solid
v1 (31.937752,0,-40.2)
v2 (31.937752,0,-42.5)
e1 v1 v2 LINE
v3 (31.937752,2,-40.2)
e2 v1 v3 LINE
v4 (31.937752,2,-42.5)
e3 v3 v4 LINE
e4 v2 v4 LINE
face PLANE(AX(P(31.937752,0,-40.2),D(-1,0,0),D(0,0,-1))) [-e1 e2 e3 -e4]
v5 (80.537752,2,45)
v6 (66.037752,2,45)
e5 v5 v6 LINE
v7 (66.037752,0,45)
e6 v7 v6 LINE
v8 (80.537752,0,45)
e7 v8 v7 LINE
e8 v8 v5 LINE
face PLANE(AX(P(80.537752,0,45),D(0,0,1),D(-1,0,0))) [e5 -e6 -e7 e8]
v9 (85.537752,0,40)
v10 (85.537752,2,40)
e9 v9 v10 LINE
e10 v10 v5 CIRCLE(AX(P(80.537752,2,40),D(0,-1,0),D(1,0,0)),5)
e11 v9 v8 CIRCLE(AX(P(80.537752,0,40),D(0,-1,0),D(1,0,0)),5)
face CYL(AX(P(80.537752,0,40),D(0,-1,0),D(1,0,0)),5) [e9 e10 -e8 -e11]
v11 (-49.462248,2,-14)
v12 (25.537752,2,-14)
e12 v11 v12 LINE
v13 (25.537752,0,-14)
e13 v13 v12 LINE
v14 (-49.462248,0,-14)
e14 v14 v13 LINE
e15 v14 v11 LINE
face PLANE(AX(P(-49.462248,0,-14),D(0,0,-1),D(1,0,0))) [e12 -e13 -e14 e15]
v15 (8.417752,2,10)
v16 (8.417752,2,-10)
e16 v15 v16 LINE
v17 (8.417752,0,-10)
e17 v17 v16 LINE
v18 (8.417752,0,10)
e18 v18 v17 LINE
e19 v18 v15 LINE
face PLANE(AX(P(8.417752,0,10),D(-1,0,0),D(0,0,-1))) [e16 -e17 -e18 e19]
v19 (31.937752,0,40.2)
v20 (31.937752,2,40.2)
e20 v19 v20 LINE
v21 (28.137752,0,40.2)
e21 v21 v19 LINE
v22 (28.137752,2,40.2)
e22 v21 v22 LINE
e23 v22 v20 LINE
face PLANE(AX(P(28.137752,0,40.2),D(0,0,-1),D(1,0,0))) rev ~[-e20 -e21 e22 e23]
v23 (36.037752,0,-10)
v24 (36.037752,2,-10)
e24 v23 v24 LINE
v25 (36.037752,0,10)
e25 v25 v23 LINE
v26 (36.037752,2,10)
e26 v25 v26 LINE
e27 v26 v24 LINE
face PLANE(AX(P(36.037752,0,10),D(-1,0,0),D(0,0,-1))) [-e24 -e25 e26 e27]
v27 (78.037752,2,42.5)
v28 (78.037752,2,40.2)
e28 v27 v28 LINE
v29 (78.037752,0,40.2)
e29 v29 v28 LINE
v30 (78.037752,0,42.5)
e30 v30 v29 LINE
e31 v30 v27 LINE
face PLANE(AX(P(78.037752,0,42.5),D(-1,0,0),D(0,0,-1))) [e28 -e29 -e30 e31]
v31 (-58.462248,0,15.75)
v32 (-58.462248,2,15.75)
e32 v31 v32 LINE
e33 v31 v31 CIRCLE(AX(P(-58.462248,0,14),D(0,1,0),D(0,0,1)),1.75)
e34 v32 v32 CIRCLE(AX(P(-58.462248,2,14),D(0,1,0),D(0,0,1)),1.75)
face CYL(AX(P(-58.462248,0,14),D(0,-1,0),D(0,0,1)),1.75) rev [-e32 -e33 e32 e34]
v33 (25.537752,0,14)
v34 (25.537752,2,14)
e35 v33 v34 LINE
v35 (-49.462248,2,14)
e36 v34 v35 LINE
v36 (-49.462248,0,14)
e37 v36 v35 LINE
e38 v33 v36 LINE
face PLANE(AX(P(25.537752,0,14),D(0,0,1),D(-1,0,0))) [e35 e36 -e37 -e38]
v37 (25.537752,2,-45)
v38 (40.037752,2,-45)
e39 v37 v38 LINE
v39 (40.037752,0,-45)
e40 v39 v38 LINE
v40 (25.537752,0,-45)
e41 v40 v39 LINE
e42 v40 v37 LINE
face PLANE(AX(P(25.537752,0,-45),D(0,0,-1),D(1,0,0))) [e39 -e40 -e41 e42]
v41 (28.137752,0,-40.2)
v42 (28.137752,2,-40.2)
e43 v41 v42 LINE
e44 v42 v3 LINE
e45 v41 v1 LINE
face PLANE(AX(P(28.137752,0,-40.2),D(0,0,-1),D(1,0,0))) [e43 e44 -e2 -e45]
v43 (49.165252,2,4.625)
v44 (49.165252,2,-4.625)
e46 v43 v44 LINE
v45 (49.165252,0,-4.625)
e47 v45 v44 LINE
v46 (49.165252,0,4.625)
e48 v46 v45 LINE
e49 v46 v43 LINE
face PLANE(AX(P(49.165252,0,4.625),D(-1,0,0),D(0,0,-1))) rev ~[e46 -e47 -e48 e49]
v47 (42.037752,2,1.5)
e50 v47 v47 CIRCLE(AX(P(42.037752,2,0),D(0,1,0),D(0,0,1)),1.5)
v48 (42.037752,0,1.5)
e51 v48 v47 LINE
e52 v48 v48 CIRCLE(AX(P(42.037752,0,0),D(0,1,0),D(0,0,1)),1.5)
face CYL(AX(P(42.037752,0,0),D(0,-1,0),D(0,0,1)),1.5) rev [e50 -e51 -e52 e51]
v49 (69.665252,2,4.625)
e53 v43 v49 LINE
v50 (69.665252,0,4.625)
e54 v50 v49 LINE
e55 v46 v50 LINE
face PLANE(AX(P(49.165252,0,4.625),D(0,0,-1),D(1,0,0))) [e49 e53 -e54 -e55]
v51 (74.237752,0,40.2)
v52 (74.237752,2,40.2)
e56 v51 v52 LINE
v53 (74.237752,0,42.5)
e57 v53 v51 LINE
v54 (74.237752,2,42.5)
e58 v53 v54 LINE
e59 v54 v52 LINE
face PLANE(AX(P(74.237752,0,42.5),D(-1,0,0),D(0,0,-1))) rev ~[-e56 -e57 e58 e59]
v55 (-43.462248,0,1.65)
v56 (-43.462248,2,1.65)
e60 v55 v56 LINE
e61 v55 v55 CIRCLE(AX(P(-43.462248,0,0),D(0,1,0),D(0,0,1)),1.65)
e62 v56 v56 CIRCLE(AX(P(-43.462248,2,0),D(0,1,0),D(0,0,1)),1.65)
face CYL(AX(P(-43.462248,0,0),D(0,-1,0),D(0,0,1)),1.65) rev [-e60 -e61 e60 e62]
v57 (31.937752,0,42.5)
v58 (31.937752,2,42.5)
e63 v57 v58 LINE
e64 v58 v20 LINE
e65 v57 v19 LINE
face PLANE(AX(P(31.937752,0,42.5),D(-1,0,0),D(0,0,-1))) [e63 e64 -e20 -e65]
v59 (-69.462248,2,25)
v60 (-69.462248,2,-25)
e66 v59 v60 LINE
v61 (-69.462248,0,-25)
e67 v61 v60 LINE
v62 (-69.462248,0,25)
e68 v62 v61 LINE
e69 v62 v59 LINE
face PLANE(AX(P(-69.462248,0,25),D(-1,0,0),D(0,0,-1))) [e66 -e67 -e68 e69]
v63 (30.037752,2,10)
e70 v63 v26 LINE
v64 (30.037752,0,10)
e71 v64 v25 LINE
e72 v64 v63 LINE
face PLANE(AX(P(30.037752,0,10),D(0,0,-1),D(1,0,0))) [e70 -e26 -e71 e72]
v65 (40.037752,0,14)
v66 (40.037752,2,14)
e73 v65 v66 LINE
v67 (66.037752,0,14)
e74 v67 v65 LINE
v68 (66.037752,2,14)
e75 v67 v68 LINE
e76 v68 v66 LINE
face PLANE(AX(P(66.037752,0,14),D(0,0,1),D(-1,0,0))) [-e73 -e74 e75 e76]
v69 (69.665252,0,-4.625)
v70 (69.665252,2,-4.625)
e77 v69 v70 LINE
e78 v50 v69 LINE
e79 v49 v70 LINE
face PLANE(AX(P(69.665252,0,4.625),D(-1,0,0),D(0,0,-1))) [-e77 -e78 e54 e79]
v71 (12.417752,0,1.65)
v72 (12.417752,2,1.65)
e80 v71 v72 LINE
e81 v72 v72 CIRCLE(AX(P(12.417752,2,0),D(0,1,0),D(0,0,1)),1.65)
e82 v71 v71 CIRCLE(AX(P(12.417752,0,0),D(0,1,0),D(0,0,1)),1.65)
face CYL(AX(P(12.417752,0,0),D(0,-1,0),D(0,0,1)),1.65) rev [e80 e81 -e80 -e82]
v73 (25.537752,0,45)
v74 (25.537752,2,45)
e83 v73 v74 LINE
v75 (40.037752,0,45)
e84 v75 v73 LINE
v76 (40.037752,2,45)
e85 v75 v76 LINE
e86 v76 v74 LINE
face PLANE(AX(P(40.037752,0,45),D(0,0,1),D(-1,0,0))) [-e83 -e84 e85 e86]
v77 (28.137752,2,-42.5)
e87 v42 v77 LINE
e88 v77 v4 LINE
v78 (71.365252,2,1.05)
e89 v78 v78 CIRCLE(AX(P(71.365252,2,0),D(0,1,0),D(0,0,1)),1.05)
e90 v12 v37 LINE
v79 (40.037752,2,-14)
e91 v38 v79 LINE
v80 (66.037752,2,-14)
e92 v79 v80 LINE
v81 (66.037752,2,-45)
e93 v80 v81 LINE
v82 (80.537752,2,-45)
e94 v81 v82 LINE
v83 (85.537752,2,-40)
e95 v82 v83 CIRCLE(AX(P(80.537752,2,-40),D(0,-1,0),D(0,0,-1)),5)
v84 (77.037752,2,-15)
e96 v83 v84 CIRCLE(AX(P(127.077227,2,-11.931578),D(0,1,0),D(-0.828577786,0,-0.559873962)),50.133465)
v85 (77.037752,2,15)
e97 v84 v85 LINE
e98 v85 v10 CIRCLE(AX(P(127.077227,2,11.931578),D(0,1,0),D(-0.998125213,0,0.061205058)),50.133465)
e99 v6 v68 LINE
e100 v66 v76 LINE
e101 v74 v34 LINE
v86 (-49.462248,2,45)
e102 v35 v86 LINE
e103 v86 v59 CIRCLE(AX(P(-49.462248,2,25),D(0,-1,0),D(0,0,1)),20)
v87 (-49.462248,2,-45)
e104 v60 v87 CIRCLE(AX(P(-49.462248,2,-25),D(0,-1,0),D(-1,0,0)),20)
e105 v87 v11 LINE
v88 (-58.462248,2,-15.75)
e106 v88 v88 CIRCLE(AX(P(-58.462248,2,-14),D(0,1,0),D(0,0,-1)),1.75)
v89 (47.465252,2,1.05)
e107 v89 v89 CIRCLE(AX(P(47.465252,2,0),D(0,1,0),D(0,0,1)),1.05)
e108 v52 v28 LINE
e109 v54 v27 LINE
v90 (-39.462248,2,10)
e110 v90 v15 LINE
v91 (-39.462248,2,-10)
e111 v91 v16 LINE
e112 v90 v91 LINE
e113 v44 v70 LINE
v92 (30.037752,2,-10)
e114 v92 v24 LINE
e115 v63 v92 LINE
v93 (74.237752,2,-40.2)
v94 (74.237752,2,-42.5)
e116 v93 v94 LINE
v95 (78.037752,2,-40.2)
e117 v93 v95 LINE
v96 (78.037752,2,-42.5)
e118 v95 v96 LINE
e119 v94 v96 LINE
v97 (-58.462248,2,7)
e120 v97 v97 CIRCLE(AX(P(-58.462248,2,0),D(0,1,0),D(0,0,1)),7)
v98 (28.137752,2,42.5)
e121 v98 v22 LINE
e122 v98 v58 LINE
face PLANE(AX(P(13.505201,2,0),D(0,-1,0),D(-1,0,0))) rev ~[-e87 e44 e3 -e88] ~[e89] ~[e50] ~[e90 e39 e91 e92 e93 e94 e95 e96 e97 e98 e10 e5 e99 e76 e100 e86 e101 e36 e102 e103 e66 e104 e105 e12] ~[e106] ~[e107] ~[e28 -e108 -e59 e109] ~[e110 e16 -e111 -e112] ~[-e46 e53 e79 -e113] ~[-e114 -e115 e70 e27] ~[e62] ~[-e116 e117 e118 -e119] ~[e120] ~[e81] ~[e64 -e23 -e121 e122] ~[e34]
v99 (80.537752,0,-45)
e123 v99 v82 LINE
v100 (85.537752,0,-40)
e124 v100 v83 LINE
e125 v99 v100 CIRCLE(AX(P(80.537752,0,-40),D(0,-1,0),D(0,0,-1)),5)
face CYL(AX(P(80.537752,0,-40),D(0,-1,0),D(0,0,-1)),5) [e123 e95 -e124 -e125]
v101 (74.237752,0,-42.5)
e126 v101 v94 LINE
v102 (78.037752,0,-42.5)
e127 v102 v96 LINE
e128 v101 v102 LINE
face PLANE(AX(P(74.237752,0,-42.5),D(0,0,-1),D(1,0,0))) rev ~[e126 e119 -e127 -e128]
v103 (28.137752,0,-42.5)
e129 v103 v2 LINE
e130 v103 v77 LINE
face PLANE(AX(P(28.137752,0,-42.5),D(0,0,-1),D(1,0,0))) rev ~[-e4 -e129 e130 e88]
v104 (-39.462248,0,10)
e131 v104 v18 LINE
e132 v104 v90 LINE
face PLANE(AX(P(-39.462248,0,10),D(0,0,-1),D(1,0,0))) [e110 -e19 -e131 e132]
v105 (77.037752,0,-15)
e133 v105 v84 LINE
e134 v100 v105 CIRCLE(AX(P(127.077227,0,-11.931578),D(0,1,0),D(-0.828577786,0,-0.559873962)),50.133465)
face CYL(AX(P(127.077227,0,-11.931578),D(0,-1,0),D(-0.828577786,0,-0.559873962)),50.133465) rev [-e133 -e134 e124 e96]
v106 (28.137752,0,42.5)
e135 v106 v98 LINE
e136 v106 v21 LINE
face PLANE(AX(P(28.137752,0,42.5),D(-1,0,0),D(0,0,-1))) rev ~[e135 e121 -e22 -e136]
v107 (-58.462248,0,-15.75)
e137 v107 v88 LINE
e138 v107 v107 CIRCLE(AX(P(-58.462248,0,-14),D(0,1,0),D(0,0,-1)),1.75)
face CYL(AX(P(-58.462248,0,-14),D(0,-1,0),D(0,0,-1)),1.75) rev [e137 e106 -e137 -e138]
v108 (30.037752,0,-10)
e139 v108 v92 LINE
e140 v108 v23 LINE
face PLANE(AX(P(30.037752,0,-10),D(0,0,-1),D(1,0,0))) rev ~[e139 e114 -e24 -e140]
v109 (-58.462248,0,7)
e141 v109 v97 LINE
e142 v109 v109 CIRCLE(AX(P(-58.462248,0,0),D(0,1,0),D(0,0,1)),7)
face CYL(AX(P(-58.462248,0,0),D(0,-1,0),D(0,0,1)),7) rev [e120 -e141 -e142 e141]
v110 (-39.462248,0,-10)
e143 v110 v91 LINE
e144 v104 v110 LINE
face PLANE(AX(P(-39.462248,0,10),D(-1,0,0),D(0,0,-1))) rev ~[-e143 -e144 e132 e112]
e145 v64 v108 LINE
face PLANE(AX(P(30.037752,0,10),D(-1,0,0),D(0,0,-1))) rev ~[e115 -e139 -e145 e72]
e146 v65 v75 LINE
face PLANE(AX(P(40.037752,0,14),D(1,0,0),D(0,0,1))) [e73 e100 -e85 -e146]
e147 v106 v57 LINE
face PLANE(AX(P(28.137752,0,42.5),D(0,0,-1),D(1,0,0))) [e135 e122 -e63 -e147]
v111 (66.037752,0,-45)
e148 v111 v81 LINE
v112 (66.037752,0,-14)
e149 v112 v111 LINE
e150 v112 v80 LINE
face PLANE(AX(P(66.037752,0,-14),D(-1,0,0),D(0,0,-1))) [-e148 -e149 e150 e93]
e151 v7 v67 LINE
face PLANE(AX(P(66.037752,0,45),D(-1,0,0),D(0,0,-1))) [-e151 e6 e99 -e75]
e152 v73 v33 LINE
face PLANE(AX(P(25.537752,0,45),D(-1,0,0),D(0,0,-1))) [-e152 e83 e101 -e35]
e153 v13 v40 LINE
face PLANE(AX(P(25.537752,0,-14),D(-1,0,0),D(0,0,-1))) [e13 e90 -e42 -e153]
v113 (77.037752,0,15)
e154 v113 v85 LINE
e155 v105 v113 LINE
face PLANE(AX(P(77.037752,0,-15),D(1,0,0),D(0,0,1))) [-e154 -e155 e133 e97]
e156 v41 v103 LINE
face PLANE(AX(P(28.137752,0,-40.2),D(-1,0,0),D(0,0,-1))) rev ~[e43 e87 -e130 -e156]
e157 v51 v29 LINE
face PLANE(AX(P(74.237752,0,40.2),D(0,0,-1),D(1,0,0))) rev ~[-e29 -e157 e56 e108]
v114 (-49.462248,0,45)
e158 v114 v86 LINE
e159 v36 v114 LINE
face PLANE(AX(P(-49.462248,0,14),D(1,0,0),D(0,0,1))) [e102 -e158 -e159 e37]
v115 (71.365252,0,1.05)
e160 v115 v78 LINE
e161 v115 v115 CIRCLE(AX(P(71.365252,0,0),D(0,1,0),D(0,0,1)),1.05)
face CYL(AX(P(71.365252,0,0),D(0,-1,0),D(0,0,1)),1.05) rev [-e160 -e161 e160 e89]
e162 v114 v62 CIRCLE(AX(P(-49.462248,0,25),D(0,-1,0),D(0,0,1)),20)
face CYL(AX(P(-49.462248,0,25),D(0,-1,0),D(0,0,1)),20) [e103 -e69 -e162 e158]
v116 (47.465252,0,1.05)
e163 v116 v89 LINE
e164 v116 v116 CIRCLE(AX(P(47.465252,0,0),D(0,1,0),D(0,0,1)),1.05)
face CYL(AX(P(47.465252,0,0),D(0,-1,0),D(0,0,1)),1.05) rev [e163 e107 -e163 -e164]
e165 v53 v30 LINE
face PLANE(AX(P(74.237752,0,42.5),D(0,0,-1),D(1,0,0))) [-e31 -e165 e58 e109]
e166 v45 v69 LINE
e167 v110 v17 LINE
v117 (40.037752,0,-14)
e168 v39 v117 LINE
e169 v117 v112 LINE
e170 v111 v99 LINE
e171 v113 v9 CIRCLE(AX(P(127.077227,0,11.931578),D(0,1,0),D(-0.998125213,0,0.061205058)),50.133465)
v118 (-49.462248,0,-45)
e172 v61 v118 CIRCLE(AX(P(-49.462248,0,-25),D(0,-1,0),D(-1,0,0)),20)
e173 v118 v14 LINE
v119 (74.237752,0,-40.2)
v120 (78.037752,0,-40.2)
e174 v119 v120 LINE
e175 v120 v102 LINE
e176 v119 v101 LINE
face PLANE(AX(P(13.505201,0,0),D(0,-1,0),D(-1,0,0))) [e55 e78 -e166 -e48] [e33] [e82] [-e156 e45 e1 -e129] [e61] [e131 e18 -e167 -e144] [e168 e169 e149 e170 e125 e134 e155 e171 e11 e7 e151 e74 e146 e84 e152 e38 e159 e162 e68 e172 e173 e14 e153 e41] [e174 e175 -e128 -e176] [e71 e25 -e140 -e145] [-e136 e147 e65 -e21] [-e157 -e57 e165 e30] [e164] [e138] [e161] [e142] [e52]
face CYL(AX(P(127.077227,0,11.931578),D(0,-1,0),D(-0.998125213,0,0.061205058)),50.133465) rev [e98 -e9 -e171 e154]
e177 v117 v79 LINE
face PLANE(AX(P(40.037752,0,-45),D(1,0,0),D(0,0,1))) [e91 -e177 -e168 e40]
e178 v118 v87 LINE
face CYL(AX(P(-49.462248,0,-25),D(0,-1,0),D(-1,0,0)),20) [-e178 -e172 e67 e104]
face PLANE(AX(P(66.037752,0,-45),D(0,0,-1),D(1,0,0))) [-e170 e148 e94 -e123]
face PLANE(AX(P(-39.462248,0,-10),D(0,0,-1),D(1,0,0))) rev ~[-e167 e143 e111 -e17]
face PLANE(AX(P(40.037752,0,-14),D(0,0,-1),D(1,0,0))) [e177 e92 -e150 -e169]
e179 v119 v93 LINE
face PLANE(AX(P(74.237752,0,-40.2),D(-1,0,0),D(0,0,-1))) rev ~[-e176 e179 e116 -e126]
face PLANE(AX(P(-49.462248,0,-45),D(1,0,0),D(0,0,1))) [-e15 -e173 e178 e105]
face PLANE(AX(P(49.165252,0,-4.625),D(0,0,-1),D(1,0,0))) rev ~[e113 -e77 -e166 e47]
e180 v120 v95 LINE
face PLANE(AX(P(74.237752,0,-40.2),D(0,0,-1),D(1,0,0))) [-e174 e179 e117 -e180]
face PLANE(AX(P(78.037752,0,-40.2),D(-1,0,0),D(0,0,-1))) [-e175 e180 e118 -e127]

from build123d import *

# Parameters (mm, degrees)
CROQUIS1_R              = 1.75
CROQUIS1_R_2            = 1.05
CROQUIS1_R_3            = 1.65
CROQUIS1_R_4            = 7
CROQUIS1_R_5            = 1.5
CROQUIS1_W              = 20.5
CROQUIS1_H              = 9.25
CROQUIS1_W_2            = 3.8
CROQUIS1_H_2            = 2.3
CROQUIS1_W_3            = 6
CROQUIS1_H_3            = 20
CROQUIS1_W_4            = 47.88
SALIENTE_EXTRUIR1_DEPTH = 2


with BuildPart() as part:
    # Croquis1 → Saliente-Extruir1 (new body)
    with BuildSketch(Plane(origin=(0, 0, 0), x_dir=(1, 0, 0), z_dir=(0, 1, 0))):
        with BuildLine():
            Line((-49.462248263, 45), (-49.462248263, 14))
            Line((-49.462248263, 14), (25.537751737, 14))
            Line((25.537751737, 14), (25.537751737, 45))
            Line((25.537751737, 45), (40.037751737, 45))
            Line((40.037751737, 45), (40.037751737, 14))
            Line((40.037751737, 14), (66.037751737, 14))
            Line((66.037751737, 14), (66.037751737, 45))
            Line((66.037751737, 45), (80.537751737, 45))
            ThreePointArc((80.537751737, 45), (84.073285643, 43.535533906), (85.537751737, 40))
            ThreePointArc((85.537751737, 40), (79.612228902, 28.069677764), (77.037751737, 15))
            Line((77.037751737, 15), (77.037751737, -15))
            ThreePointArc((77.037751737, -15), (79.612228902, -28.069677764), (85.537751737, -40))
            ThreePointArc((85.537751737, -40), (84.073285643, -43.535533906), (80.537751737, -45))
            Line((80.537751737, -45), (66.037751737, -45))
            Line((66.037751737, -45), (66.037751737, -14))
            Line((66.037751737, -14), (40.037751737, -14))
            Line((40.037751737, -14), (40.037751737, -45))
            Line((40.037751737, -45), (25.537751737, -45))
            Line((25.537751737, -45), (25.537751737, -14))
            Line((25.537751737, -14), (-49.462248263, -14))
            Line((-49.462248263, -14), (-49.462248263, -45))
            ThreePointArc((-49.462248263, -45), (-63.604383887, -39.142135624), (-69.462248263, -25))
            Line((-69.462248263, -25), (-69.462248263, 25))
            ThreePointArc((-69.462248263, 25), (-63.604383887, 39.142135624), (-49.462248263, 45))
        make_face()
        with Locations(Location((-58.462248263, -14, 0), (0, 0, 270))):
            Circle(CROQUIS1_R, mode=Mode.SUBTRACT)
        with Locations(Location((-58.462248263, 14, 0), (0, 0, 90))):
            Circle(CROQUIS1_R, mode=Mode.SUBTRACT)
        with Locations(Location((71.365251737, 0, 0), (0, 0, 270))):
            Circle(CROQUIS1_R_2, mode=Mode.SUBTRACT)
        with Locations(Location((47.465251737, 0, 0), (0, 0, 270))):
            Circle(CROQUIS1_R_2, mode=Mode.SUBTRACT)
        with Locations(Location((-43.462248263, 0, 0), (0, 0, 270))):
            Circle(CROQUIS1_R_3, mode=Mode.SUBTRACT)
        with Locations(Location((12.417751737, 0, 0), (0, 0, 270))):
            Circle(CROQUIS1_R_3, mode=Mode.SUBTRACT)
        with Locations(Location((-58.462248263, 0, 0), (0, 0, 270))):
            Circle(CROQUIS1_R_4, mode=Mode.SUBTRACT)
        with Locations(Location((42.037751737, 0, 0), (0, 0, 270))):
            Circle(CROQUIS1_R_5, mode=Mode.SUBTRACT)
        with Locations((59.415251737, 0)):
            Rectangle(CROQUIS1_W, CROQUIS1_H, mode=Mode.SUBTRACT)
        with Locations((30.037751737, 41.35)):
            Rectangle(CROQUIS1_W_2, CROQUIS1_H_2, mode=Mode.SUBTRACT)
        with Locations((76.137751737, 41.35)):
            Rectangle(CROQUIS1_W_2, CROQUIS1_H_2, mode=Mode.SUBTRACT)
        with Locations((76.137751737, -41.35)):
            Rectangle(CROQUIS1_W_2, CROQUIS1_H_2, mode=Mode.SUBTRACT)
        with Locations((30.037751737, -41.35)):
            Rectangle(CROQUIS1_W_2, CROQUIS1_H_2, mode=Mode.SUBTRACT)
        with Locations((33.037751737, 0)):
            Rectangle(CROQUIS1_W_3, CROQUIS1_H_3, mode=Mode.SUBTRACT)
        with Locations((-15.522248263, 0)):
            Rectangle(CROQUIS1_W_4, CROQUIS1_H_3, mode=Mode.SUBTRACT)
    extrude(amount=SALIENTE_EXTRUIR1_DEPTH)


solid = part.part
